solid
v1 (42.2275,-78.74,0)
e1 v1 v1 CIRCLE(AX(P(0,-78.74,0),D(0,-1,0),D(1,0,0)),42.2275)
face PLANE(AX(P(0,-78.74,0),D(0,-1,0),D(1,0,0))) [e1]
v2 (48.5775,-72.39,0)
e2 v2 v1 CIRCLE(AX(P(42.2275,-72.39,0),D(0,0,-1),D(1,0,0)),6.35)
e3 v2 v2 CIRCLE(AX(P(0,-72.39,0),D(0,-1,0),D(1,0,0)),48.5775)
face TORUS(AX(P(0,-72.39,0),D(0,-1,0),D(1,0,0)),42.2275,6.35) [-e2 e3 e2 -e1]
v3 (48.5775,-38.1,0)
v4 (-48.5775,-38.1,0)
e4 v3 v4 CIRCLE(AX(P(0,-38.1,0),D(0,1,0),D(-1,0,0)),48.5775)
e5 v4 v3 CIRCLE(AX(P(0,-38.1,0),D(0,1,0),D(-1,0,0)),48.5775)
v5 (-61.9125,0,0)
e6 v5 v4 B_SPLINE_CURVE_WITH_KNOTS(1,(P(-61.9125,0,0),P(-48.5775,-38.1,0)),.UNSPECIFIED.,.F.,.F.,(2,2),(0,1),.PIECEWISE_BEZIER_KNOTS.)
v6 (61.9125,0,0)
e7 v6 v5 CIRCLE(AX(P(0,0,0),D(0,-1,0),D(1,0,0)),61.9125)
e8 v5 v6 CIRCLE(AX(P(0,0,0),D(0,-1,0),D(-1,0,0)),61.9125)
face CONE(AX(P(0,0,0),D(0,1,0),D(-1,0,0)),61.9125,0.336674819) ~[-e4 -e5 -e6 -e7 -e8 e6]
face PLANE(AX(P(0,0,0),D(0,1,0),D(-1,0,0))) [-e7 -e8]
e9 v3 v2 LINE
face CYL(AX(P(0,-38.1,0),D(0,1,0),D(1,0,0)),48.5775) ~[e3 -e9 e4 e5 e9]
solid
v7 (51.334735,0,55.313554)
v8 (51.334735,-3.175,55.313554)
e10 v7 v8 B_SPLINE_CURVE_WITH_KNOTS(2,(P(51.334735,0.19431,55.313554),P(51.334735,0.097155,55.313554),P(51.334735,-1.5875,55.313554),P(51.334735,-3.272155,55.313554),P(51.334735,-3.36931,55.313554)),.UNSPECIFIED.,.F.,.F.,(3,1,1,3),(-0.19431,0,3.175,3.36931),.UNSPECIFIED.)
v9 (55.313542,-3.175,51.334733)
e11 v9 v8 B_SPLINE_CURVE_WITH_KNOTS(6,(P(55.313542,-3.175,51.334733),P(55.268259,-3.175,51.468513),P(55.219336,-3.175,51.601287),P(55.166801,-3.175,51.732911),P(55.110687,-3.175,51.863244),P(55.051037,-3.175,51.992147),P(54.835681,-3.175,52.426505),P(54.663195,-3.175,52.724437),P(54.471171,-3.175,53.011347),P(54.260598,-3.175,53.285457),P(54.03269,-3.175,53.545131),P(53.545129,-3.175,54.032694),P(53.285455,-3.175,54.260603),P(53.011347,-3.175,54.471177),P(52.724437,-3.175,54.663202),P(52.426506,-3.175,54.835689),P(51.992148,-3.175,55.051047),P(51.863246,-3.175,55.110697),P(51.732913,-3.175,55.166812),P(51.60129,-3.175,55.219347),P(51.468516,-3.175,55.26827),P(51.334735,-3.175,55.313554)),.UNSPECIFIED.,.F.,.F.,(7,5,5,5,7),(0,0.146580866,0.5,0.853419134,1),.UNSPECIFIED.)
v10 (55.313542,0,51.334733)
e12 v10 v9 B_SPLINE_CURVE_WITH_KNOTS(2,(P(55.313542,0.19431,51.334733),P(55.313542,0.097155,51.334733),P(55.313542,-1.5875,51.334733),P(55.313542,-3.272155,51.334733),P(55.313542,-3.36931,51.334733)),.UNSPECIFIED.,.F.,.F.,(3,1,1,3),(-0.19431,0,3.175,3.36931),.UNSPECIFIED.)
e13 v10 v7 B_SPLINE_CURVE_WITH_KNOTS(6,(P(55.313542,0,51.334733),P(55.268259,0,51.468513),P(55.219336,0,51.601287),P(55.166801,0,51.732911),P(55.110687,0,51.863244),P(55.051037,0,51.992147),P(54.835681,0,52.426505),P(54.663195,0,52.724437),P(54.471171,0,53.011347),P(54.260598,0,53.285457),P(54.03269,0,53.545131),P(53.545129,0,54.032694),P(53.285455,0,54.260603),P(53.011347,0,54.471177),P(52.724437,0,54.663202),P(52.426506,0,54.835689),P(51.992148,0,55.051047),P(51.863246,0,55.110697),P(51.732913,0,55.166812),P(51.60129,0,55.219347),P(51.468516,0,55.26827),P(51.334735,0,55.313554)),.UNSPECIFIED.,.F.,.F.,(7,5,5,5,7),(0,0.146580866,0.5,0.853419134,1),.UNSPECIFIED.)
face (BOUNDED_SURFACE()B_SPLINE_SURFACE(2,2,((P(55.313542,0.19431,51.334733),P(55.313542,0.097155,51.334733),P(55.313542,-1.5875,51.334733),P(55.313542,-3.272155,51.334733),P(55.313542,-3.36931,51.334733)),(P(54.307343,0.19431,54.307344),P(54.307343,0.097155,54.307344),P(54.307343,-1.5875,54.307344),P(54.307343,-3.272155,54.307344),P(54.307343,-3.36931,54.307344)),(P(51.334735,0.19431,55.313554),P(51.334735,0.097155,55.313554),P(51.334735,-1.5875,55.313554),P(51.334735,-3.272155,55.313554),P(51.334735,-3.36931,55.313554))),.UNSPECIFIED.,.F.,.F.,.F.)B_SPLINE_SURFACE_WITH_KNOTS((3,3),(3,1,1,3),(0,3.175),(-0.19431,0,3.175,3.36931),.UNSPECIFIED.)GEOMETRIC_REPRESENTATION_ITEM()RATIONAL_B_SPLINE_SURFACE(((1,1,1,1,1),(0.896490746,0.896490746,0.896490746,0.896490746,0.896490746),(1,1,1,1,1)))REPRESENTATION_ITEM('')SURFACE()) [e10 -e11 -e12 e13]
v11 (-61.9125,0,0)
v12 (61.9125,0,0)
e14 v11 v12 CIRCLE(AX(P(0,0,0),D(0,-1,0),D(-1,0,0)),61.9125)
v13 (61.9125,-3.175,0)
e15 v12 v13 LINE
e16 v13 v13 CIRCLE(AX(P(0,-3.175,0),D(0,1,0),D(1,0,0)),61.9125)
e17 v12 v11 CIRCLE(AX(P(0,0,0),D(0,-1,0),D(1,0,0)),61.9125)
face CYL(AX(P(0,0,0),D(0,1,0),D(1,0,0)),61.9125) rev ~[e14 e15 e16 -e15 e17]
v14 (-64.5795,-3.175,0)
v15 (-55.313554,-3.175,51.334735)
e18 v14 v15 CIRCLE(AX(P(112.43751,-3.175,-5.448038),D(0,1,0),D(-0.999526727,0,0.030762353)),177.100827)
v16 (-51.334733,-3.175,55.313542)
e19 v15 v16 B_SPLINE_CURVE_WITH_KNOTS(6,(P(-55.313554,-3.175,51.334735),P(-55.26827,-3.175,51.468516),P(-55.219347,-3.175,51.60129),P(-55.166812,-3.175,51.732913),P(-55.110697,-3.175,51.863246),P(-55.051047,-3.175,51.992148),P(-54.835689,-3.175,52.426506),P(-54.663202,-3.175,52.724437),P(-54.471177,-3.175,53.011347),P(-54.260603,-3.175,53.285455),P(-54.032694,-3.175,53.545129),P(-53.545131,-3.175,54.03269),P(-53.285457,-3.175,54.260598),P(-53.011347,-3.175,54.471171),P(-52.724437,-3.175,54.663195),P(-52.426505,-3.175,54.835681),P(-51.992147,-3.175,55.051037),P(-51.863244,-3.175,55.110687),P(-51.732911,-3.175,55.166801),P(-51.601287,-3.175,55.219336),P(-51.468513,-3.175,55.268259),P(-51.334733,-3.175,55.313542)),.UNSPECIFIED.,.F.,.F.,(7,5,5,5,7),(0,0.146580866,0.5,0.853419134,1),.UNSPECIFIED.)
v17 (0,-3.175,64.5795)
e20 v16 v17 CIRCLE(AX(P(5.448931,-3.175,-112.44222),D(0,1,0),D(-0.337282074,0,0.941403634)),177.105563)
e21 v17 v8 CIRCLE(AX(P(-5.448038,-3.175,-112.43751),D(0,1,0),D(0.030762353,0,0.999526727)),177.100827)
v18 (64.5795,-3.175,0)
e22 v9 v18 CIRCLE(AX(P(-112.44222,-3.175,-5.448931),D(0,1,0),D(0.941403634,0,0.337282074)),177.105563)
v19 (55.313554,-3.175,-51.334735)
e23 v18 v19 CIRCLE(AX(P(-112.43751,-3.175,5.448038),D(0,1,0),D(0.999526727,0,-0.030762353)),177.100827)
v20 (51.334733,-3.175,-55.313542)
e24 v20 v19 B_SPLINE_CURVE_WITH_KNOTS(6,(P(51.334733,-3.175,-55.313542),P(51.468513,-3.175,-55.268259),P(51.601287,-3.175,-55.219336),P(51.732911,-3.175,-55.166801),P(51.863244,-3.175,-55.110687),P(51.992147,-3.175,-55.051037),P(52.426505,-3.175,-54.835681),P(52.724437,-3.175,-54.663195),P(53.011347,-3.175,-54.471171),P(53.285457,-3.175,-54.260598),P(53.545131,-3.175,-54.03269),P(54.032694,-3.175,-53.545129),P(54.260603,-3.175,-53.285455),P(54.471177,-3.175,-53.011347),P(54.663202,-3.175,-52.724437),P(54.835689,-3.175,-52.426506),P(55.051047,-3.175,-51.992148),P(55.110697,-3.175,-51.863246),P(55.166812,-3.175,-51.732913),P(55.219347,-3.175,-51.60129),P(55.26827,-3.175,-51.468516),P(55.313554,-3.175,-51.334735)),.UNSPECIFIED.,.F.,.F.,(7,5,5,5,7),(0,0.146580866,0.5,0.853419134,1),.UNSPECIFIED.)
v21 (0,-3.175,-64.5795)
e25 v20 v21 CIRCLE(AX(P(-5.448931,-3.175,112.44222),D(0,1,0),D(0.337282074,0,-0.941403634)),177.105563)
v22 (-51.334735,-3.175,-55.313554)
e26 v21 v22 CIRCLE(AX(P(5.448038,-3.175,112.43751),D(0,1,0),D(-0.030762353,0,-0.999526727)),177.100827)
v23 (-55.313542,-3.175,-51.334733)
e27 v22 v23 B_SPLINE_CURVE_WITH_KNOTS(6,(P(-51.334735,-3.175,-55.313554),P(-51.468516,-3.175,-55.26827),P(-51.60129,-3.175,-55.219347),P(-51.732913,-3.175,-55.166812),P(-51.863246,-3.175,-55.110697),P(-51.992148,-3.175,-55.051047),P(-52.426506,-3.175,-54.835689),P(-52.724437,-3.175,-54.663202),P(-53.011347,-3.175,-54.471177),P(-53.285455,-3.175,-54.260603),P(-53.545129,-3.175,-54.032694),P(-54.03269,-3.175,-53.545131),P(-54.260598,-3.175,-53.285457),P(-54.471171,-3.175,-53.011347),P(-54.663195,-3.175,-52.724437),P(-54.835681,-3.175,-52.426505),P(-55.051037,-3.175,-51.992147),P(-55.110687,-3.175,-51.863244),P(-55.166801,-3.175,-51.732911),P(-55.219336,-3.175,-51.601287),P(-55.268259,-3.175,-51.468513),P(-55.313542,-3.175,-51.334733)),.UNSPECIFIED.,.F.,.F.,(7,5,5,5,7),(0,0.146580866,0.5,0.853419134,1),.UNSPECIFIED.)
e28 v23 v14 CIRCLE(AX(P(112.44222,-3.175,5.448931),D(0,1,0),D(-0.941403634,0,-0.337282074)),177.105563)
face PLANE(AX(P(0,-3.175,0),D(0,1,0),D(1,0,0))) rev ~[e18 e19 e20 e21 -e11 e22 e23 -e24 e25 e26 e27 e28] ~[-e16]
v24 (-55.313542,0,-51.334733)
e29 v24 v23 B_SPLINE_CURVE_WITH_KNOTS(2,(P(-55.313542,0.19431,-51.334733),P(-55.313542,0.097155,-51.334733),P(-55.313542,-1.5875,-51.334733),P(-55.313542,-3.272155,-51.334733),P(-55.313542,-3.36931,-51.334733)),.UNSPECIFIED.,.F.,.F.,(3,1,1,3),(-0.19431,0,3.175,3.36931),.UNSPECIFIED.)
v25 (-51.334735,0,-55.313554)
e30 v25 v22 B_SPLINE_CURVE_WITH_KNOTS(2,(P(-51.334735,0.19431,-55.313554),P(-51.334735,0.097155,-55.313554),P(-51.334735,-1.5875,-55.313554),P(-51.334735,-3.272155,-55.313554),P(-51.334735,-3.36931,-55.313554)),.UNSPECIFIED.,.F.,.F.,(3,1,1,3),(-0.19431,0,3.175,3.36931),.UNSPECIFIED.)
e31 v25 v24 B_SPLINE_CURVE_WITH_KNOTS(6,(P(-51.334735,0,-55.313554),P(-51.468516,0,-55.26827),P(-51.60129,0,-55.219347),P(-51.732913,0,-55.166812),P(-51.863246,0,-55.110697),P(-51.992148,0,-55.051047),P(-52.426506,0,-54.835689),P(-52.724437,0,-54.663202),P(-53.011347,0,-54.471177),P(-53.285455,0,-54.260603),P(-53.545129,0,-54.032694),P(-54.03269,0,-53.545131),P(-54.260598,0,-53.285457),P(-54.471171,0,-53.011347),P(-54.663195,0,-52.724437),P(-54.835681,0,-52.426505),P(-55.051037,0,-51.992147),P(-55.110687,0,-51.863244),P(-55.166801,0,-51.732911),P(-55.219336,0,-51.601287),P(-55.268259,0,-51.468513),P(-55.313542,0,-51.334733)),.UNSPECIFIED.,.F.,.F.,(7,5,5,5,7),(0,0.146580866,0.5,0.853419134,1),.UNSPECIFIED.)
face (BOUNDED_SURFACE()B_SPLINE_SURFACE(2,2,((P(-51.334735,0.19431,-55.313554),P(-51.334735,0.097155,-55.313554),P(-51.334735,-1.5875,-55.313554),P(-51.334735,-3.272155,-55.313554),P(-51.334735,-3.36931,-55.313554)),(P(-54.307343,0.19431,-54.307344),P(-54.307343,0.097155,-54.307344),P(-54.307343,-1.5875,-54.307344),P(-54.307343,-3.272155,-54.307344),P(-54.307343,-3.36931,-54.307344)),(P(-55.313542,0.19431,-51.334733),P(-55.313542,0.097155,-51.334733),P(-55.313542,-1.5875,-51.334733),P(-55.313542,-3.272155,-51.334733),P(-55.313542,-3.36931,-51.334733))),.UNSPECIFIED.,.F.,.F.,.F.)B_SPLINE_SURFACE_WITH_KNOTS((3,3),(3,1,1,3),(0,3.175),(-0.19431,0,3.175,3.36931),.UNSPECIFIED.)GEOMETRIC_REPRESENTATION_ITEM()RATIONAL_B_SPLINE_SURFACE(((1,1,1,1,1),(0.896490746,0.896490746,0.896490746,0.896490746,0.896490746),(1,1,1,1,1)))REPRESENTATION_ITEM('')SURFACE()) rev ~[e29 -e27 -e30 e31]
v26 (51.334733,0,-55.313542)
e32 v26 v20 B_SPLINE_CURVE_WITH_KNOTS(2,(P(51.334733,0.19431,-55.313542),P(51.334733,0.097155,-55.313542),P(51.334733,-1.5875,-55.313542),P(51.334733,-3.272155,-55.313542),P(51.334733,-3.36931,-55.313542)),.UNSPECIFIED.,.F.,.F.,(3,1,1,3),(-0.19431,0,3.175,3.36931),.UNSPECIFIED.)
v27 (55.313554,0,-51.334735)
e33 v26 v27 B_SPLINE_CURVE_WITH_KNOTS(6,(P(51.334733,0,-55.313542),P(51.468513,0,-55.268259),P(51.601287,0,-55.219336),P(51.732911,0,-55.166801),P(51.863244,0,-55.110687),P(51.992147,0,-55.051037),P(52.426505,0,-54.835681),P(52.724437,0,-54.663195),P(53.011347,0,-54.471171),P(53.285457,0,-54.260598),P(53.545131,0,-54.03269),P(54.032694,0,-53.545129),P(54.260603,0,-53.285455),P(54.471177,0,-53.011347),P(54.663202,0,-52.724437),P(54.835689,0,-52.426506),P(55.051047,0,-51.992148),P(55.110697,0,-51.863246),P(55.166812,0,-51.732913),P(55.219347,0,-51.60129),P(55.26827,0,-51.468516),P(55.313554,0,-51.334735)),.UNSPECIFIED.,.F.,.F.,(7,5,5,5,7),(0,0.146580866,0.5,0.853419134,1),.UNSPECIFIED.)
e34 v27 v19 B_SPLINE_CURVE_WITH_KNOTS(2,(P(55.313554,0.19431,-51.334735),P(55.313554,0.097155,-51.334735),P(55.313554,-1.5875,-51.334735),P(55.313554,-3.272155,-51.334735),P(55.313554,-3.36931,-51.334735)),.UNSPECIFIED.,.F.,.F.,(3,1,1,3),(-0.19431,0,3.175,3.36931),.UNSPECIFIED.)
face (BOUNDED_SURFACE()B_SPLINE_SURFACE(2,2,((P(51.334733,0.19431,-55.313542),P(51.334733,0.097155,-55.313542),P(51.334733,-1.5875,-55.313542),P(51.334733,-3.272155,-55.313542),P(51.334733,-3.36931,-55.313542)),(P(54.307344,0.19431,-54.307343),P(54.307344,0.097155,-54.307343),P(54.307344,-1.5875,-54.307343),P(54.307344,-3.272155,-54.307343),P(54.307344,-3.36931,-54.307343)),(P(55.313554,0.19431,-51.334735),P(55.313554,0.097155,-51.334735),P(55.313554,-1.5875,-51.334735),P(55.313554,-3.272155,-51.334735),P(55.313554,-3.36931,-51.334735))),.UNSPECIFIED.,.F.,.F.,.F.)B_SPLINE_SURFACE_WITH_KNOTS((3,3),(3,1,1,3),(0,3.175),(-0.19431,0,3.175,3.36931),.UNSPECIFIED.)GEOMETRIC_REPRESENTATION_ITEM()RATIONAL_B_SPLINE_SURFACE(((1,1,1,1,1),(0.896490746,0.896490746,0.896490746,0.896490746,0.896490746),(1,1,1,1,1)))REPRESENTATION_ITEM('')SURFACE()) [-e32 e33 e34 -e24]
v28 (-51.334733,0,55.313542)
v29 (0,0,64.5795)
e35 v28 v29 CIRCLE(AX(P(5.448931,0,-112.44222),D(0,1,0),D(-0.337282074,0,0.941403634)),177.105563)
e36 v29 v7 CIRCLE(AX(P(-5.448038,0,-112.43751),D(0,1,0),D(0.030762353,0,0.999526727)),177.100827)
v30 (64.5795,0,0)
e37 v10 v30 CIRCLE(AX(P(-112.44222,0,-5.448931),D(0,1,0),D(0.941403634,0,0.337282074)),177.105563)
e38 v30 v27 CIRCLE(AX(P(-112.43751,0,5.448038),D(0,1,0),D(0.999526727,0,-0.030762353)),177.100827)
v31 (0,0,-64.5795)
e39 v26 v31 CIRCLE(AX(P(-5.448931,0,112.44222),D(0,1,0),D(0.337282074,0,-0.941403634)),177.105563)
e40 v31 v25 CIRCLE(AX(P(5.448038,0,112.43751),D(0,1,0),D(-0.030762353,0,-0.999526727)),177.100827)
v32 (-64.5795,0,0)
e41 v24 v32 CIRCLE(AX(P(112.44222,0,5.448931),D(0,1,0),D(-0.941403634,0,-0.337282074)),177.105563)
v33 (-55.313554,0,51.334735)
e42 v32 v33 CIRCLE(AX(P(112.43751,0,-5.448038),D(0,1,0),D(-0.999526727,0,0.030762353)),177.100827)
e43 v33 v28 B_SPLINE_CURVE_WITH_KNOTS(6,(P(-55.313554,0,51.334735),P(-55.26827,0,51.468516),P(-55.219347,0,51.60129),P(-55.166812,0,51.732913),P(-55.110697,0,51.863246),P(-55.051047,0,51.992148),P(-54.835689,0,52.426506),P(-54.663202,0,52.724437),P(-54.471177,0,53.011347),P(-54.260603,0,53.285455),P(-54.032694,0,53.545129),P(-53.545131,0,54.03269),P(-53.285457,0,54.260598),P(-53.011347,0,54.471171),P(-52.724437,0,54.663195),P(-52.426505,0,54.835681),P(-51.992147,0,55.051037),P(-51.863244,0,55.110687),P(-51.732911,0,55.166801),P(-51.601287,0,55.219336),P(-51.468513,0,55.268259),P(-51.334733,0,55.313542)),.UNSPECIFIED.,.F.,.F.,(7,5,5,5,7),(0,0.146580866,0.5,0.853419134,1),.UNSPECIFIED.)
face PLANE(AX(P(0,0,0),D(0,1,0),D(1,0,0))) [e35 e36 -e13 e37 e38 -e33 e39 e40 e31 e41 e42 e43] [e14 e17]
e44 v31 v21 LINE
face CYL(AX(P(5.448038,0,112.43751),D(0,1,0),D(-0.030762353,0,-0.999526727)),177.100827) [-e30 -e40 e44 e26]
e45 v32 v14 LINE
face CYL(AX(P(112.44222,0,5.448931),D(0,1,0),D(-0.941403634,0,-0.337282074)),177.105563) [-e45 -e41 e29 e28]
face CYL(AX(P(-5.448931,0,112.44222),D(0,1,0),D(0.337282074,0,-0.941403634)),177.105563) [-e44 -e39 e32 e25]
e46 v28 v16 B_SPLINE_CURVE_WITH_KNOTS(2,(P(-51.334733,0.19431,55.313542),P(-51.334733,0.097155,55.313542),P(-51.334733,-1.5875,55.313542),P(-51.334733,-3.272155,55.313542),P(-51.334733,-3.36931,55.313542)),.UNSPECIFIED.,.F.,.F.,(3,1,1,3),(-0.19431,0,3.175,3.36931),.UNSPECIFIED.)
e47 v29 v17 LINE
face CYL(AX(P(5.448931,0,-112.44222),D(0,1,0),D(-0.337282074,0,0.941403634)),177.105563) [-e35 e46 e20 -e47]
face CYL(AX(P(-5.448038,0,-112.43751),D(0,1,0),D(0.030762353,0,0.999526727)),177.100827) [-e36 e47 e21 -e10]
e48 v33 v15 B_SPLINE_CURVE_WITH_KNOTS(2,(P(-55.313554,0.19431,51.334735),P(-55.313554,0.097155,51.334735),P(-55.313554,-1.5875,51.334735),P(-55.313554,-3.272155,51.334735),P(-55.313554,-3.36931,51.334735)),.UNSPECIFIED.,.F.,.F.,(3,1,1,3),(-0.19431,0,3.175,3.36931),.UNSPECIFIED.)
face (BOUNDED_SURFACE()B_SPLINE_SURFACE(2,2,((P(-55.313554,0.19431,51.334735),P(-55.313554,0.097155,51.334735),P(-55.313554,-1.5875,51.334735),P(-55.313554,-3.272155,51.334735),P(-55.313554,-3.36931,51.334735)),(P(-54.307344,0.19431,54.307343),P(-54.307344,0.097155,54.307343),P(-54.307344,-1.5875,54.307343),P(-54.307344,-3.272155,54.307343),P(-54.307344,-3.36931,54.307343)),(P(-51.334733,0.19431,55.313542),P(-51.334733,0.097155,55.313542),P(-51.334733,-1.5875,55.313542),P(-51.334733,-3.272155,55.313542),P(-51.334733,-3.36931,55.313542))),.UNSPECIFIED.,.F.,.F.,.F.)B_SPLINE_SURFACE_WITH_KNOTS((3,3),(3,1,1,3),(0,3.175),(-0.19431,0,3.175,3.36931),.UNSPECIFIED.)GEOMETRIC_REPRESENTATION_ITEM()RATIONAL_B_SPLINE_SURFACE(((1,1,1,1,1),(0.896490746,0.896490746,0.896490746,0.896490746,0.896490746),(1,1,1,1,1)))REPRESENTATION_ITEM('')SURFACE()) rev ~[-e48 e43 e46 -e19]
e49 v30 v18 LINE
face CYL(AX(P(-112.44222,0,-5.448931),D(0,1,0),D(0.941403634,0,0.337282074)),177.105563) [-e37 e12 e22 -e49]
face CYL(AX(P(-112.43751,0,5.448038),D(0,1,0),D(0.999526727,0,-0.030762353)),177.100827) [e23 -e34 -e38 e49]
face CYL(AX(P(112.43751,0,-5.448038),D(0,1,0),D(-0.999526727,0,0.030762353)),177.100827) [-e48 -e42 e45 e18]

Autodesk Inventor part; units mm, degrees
ref_plane "YZ Plane" through (0, 0, 0) normal (1, 0, 0) x (0, 1, 0)
ref_plane "XY Plane" through (0, 0, 0) normal (0, 0, 1) x (1, 0, 0)
sketch "Sketch1" plane through (0, 0, 0) normal (0, 1, 0) x (-1, 0, 0)
  circle A0 centre (0, 0) radius 61.9125
  dimension "d0" = 123.825
ref_plane "Work Plane1" through (0, -38.1, 0) normal (0, 1, 0) x (-1, 0, 0)
sketch "Sketch2" plane through (0, -38.1, 0) normal (0, 1, 0) x (-1, 0, 0)
  circle A0 centre (0, 0) radius 48.5775
  dimension "d2" = 97.155
loft "Loft1" add profiles "Sketch1", "Sketch2"
sketch "Sketch3" plane through (0, -38.1, 0) normal (0, -1, 0) x (1, 0, 0)
  circle A0 centre (0, 0) radius 48.5775 projected
extrude "Extrusion1" add sketch "Sketch3" along normal blind 40.64
fillet "Fillet1" radius 6.35 1 edges at (-48.5775, -78.74, 0)
sketch "Sketch4" plane through (0, 0, 0) normal (0, 1, 0) x (1, 0, 0)
  circle A0 centre (0, 0) radius 61.9125 projected
  arc A1 (-54.2856, 54.2856) -> (-64.5795, 0) centre (112.4399, -5.4483) ccw
  line L0 (0, 61.9125) -> (0, -61.9125)
  arc A2 (0, 64.5795) -> (-54.2856, 54.2856) centre (5.4483, -112.4399) ccw
  arc A3 (0, -64.5795) -> (54.2856, -54.2856) centre (-5.4483, 112.4399) ccw
  arc A4 (54.2856, -54.2856) -> (64.5795, 0) centre (-112.4399, 5.4483) ccw
  arc A5 (64.5795, 0) -> (54.2856, 54.2856) centre (-112.4399, -5.4483) ccw
  arc A6 (54.2856, 54.2856) -> (0, 64.5795) centre (-5.4483, -112.4399) ccw
  arc A7 (-64.5795, 0) -> (-54.2856, -54.2856) centre (112.4399, 5.4483) ccw
  arc A8 (-54.2856, -54.2856) -> (0, -64.5795) centre (5.4483, 112.4399) ccw
  circle A9 centre (0, 0) radius 61.9125
extrude "Extrusion2" add sketch "Sketch4" against normal blind 3.175
fillet "Fillet2" radius 6.35 4 edges at (-54.2856, -1.5875, 54.2856) (54.2856, -1.5875, 54.2856) (54.2856, -1.5875, -54.2856) (-54.2856, -1.5875, -54.2856)
properties part number "sub"
